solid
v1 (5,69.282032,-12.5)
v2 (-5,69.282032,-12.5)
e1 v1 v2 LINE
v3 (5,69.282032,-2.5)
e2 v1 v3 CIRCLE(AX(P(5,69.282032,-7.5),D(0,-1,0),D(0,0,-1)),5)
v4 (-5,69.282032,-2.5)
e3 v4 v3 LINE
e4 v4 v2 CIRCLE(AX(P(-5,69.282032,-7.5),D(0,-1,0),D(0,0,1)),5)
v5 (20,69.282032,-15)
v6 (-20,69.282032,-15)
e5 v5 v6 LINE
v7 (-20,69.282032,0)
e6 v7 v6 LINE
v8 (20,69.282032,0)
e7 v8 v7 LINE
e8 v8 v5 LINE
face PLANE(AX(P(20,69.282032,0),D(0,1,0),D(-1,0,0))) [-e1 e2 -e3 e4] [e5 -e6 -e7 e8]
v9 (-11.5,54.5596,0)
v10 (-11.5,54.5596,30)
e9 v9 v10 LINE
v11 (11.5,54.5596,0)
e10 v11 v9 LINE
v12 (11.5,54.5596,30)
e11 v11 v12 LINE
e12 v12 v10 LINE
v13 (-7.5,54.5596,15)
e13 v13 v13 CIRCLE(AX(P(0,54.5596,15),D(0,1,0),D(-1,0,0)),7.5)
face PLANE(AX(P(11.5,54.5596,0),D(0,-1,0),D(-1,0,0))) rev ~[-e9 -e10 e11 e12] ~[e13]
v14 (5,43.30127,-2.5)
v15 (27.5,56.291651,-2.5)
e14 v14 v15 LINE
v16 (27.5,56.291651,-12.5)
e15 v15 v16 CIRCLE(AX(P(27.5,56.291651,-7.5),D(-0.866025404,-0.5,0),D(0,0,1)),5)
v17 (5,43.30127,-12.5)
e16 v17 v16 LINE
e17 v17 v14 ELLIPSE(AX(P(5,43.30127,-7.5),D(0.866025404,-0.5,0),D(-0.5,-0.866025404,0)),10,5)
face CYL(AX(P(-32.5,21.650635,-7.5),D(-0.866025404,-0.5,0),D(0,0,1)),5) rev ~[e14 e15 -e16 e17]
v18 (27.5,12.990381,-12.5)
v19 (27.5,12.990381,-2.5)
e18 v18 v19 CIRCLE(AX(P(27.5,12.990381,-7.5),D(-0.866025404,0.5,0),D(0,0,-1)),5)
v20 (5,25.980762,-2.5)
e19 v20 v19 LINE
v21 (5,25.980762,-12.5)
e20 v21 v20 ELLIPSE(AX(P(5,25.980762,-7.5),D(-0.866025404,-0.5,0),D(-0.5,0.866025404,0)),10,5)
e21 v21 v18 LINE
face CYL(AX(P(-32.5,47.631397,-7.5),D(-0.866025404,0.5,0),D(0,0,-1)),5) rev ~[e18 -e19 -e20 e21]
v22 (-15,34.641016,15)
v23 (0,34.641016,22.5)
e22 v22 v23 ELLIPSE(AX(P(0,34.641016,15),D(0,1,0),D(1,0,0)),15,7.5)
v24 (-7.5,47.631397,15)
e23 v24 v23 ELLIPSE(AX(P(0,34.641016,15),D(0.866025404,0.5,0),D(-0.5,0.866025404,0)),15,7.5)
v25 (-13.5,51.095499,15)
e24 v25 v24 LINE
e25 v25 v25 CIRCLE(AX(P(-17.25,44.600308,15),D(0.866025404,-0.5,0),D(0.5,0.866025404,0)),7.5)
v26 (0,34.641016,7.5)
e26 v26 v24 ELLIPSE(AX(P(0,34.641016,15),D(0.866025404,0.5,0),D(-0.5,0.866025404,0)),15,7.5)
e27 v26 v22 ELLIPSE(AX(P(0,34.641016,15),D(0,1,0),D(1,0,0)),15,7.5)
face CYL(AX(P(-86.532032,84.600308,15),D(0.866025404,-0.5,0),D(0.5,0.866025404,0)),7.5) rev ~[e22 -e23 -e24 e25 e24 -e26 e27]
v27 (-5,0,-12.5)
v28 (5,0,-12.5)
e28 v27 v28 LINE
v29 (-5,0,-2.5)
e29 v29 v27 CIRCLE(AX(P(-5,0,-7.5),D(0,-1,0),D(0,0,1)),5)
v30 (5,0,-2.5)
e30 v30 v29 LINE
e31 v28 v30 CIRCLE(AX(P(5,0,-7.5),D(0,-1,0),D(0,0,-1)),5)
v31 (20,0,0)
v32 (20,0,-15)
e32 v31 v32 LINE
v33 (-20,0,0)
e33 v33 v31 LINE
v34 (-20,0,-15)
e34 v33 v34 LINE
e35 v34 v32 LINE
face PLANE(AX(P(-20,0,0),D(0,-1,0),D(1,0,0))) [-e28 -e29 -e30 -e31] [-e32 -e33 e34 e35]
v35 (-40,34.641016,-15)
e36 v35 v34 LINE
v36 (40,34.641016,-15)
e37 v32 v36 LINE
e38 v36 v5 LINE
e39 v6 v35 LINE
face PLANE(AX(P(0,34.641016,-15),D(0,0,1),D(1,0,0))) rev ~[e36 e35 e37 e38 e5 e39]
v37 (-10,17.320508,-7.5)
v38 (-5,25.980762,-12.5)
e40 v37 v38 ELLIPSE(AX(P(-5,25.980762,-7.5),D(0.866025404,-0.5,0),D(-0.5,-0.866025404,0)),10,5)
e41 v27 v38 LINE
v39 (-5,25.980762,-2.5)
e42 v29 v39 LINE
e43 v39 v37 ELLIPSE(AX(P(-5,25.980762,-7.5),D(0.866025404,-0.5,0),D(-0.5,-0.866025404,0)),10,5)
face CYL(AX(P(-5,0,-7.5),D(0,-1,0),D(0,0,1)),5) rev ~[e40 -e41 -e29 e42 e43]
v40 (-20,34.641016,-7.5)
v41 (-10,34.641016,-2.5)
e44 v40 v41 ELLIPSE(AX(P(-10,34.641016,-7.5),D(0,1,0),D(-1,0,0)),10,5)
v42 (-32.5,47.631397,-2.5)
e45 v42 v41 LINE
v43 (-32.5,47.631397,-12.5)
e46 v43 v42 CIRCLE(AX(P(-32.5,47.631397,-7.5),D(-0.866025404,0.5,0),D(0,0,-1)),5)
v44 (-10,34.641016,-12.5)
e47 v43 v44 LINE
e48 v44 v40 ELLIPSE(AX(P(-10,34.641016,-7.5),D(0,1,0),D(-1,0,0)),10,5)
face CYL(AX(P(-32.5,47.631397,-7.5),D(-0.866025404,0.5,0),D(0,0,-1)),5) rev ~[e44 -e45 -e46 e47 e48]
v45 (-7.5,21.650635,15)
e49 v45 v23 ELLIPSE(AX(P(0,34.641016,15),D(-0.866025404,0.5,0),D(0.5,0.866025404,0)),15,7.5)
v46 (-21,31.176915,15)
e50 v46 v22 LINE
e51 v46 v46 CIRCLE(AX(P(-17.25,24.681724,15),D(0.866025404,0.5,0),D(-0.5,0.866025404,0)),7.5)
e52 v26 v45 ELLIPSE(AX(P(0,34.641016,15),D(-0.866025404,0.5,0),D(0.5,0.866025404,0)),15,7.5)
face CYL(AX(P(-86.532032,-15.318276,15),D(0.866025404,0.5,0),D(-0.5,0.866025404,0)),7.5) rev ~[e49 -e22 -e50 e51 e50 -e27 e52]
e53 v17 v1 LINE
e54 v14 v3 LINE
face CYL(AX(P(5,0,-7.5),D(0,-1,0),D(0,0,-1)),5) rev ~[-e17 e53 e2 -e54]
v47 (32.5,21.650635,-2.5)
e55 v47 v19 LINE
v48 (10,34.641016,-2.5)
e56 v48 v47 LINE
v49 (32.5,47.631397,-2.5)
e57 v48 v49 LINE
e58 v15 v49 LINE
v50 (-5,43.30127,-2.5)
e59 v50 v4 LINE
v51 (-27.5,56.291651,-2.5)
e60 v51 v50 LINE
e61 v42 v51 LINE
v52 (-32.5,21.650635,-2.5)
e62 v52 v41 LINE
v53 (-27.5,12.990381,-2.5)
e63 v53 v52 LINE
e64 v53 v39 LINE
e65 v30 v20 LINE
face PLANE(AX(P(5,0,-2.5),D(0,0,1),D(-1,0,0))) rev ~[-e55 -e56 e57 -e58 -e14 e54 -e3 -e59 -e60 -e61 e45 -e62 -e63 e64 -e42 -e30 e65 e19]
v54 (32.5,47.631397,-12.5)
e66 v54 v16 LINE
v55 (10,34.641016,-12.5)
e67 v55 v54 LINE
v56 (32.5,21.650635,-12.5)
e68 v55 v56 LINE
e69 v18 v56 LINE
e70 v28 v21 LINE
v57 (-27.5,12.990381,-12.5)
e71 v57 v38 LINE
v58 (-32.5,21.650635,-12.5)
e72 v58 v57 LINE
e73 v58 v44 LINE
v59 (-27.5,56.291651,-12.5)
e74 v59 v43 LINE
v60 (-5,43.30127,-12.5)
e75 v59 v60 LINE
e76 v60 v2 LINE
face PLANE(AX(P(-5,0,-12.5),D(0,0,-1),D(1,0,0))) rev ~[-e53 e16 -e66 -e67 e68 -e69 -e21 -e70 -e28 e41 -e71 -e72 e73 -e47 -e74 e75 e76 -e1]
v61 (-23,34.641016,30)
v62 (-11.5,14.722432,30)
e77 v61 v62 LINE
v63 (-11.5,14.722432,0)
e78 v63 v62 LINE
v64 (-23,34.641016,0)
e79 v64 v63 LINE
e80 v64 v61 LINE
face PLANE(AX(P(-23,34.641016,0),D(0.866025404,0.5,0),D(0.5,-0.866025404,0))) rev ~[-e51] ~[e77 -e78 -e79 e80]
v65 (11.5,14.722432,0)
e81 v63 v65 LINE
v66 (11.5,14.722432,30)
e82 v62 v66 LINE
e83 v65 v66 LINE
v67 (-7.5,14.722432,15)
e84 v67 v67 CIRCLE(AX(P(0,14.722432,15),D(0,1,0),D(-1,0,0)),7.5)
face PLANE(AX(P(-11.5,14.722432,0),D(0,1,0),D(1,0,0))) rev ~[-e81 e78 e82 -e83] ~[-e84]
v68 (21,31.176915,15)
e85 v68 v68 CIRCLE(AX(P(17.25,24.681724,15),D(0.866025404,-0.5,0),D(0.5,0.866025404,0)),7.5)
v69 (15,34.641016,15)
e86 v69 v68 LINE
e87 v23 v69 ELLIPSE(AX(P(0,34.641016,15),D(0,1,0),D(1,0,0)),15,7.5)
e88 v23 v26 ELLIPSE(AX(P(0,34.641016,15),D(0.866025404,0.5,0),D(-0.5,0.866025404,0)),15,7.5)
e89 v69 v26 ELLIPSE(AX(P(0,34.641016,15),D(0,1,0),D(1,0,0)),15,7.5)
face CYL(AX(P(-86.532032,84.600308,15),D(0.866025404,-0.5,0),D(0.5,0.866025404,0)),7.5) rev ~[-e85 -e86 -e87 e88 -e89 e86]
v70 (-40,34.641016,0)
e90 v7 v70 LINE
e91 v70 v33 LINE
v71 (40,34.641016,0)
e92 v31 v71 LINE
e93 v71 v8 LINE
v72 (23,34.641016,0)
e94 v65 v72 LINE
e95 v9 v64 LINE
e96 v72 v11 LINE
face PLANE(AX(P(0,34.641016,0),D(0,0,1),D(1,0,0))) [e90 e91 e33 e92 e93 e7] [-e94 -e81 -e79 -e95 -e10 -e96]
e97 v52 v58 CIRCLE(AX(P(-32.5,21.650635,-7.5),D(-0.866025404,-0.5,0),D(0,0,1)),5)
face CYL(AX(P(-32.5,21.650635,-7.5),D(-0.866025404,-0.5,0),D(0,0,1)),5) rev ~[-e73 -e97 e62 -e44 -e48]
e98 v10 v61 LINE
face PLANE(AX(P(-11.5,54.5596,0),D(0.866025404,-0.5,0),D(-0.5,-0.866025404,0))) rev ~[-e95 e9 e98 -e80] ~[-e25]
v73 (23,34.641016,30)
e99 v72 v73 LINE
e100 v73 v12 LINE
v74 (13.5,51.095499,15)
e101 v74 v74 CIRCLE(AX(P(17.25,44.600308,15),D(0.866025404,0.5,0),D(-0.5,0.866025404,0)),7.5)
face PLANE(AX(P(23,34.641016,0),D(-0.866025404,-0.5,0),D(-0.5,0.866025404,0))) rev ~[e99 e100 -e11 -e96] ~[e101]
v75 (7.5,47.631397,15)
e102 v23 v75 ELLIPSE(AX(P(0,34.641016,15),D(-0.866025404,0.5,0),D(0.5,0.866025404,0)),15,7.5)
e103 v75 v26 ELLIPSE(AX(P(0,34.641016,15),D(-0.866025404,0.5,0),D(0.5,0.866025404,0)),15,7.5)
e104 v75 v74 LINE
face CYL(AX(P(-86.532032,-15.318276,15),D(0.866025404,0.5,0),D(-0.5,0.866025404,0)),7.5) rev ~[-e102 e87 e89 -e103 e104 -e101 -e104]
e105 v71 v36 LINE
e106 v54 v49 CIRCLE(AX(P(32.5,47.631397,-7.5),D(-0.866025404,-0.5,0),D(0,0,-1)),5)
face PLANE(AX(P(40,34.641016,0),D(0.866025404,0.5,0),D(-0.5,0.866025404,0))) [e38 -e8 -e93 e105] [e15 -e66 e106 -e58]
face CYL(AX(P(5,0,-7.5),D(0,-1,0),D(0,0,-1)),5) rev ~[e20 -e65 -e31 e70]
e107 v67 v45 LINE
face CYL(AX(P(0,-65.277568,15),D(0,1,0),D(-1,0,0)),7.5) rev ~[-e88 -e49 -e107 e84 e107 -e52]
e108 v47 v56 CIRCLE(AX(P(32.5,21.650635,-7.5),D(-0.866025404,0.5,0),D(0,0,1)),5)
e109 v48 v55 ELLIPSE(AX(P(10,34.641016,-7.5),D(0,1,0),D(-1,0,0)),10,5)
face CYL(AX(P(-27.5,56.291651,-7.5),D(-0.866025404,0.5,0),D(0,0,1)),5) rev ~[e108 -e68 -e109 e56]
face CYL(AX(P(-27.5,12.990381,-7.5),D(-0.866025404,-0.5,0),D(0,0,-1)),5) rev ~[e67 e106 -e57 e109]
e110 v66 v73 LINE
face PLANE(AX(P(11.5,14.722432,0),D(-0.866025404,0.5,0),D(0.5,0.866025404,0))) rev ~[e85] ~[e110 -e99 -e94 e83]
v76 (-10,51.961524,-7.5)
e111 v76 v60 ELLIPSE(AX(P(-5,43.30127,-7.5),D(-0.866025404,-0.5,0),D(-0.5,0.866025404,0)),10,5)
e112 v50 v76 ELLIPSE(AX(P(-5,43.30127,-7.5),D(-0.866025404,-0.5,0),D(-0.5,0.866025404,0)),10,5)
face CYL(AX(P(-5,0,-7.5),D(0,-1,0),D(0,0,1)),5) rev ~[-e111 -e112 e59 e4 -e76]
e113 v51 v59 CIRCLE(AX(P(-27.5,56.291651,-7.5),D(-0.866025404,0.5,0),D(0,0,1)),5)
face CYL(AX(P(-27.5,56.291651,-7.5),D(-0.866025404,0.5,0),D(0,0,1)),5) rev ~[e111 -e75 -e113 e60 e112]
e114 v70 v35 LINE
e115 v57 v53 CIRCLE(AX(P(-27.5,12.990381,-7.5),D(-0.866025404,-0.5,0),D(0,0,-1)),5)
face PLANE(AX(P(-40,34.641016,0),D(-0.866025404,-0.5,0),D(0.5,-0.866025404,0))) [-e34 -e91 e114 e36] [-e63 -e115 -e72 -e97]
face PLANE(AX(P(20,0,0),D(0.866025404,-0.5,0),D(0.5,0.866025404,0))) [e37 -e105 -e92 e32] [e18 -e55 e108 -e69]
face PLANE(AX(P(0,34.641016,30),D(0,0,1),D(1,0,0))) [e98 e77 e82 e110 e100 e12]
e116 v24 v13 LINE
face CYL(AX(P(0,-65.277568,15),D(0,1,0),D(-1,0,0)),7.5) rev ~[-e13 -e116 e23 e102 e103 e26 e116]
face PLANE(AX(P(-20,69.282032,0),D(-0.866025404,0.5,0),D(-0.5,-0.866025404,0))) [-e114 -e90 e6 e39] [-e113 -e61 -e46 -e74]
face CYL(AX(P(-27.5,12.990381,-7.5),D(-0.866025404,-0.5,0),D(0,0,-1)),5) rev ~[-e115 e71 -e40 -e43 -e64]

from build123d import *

# Parameters (mm, degrees)
F1_DEPTH  = 15
F4_DEPTH  = 80
F6_DEPTH  = 80
F7_DEPTH  = 80
F9_DEPTH  = 30
F11_D     = 15
F11_DEPTH = 80
F11_TIP   = 4.5064546427
F14_D     = 15
F14_DEPTH = 80
F14_TIP   = 4.5064546427
F15_D     = 15
F15_DEPTH = 80
F15_TIP   = 4.5064546427


with BuildPart() as f1:
    # F0 (on Top) → F1 (new body)
    with BuildSketch(Plane.XY):
        Polygon((-20, 0), (0, 0), (20, 0), (40, 34.6410161514), (20, 69.2820323028), (0, 69.2820323028), (-20, 69.2820323028), (-40, 34.6410161514), align=None)
    extrude(amount=-F1_DEPTH)

    # F3 (on face) → F4 (cut)
    with BuildSketch(Plane(origin=(-45, 25.9807621135, 0), x_dir=(-0.5, -0.8660254038, 0), z_dir=(-0.8660254038, 0.5, 0))):
        with BuildLine():
            ThreePointArc((-25, -12.5), (-20, -7.5), (-25, -2.5))
            Line((-25, -2.5), (-35, -2.5))
            ThreePointArc((-35, -2.5), (-40, -7.5), (-35, -12.5))
            Line((-35, -12.5), (-25, -12.5))
        make_face()
    extrude(amount=-F4_DEPTH, mode=Mode.SUBTRACT)

    # F5 (on face) → F6 (cut)
    with BuildSketch(Plane.XZ):
        with BuildLine():
            ThreePointArc((5, -12.5), (10, -7.5), (5, -2.5))
            Line((5, -2.5), (-5, -2.5))
            ThreePointArc((-5, -2.5), (-10, -7.5), (-5, -12.5))
            Line((-5, -12.5), (5, -12.5))
        make_face()
    extrude(amount=-F6_DEPTH, mode=Mode.SUBTRACT)

    # F2 (on face) → F7 (cut)
    with BuildSketch(Plane(origin=(-15, -8.6602540378, 0), x_dir=(0.5, -0.8660254038, 0), z_dir=(-0.8660254038, -0.5, 0))):
        with BuildLine():
            ThreePointArc((-35, -2.5), (-40, -7.5), (-35, -12.5))
            Line((-35, -12.5), (-25, -12.5))
            ThreePointArc((-25, -12.5), (-20, -7.5), (-25, -2.5))
            Line((-25, -2.5), (-35, -2.5))
        make_face()
    extrude(amount=-F7_DEPTH, mode=Mode.SUBTRACT)

    # F8 (on face) → F9 (join)
    with BuildSketch(Plane.XY):
        Polygon((11.5, 54.5596004384), (-11.5, 54.5596004384), (-23, 34.6410161514), (-11.5, 14.7224318643), (11.5, 14.7224318643), (23, 34.6410161514), align=None)
    extrude(amount=F9_DEPTH)

    # F11
    with Locations(Plane.XZ.offset(-14.7224318643)):
        with Locations((0, 15)):
            Hole(F11_D / 2, depth=F11_DEPTH)
            with Locations((0, 0, -(F11_DEPTH + F11_TIP / 2))):  # 118° drill point
                Cone(0, F11_D / 2, F11_TIP, mode=Mode.SUBTRACT)

    # F14
    with Locations(Plane(origin=(-2.25, -1.2990381057, 0), x_dir=(0.5, -0.8660254038, 0), z_dir=(-0.8660254038, -0.5, 0))):
        with Locations((-30, 15)):
            Hole(F14_D / 2, depth=F14_DEPTH)
            with Locations((0, 0, -(F14_DEPTH + F14_TIP / 2))):  # 118° drill point
                Cone(0, F14_D / 2, F14_TIP, mode=Mode.SUBTRACT)

    # F15
    with Locations(Plane(origin=(-32.25, 18.6195461814, 0), x_dir=(-0.5, -0.8660254038, 0), z_dir=(-0.8660254038, 0.5, 0))):
        with Locations((-30, 15)):
            Hole(F15_D / 2, depth=F15_DEPTH)
            with Locations((0, 0, -(F15_DEPTH + F15_TIP / 2))):  # 118° drill point
                Cone(0, F15_D / 2, F15_TIP, mode=Mode.SUBTRACT)


solid = f1.part
